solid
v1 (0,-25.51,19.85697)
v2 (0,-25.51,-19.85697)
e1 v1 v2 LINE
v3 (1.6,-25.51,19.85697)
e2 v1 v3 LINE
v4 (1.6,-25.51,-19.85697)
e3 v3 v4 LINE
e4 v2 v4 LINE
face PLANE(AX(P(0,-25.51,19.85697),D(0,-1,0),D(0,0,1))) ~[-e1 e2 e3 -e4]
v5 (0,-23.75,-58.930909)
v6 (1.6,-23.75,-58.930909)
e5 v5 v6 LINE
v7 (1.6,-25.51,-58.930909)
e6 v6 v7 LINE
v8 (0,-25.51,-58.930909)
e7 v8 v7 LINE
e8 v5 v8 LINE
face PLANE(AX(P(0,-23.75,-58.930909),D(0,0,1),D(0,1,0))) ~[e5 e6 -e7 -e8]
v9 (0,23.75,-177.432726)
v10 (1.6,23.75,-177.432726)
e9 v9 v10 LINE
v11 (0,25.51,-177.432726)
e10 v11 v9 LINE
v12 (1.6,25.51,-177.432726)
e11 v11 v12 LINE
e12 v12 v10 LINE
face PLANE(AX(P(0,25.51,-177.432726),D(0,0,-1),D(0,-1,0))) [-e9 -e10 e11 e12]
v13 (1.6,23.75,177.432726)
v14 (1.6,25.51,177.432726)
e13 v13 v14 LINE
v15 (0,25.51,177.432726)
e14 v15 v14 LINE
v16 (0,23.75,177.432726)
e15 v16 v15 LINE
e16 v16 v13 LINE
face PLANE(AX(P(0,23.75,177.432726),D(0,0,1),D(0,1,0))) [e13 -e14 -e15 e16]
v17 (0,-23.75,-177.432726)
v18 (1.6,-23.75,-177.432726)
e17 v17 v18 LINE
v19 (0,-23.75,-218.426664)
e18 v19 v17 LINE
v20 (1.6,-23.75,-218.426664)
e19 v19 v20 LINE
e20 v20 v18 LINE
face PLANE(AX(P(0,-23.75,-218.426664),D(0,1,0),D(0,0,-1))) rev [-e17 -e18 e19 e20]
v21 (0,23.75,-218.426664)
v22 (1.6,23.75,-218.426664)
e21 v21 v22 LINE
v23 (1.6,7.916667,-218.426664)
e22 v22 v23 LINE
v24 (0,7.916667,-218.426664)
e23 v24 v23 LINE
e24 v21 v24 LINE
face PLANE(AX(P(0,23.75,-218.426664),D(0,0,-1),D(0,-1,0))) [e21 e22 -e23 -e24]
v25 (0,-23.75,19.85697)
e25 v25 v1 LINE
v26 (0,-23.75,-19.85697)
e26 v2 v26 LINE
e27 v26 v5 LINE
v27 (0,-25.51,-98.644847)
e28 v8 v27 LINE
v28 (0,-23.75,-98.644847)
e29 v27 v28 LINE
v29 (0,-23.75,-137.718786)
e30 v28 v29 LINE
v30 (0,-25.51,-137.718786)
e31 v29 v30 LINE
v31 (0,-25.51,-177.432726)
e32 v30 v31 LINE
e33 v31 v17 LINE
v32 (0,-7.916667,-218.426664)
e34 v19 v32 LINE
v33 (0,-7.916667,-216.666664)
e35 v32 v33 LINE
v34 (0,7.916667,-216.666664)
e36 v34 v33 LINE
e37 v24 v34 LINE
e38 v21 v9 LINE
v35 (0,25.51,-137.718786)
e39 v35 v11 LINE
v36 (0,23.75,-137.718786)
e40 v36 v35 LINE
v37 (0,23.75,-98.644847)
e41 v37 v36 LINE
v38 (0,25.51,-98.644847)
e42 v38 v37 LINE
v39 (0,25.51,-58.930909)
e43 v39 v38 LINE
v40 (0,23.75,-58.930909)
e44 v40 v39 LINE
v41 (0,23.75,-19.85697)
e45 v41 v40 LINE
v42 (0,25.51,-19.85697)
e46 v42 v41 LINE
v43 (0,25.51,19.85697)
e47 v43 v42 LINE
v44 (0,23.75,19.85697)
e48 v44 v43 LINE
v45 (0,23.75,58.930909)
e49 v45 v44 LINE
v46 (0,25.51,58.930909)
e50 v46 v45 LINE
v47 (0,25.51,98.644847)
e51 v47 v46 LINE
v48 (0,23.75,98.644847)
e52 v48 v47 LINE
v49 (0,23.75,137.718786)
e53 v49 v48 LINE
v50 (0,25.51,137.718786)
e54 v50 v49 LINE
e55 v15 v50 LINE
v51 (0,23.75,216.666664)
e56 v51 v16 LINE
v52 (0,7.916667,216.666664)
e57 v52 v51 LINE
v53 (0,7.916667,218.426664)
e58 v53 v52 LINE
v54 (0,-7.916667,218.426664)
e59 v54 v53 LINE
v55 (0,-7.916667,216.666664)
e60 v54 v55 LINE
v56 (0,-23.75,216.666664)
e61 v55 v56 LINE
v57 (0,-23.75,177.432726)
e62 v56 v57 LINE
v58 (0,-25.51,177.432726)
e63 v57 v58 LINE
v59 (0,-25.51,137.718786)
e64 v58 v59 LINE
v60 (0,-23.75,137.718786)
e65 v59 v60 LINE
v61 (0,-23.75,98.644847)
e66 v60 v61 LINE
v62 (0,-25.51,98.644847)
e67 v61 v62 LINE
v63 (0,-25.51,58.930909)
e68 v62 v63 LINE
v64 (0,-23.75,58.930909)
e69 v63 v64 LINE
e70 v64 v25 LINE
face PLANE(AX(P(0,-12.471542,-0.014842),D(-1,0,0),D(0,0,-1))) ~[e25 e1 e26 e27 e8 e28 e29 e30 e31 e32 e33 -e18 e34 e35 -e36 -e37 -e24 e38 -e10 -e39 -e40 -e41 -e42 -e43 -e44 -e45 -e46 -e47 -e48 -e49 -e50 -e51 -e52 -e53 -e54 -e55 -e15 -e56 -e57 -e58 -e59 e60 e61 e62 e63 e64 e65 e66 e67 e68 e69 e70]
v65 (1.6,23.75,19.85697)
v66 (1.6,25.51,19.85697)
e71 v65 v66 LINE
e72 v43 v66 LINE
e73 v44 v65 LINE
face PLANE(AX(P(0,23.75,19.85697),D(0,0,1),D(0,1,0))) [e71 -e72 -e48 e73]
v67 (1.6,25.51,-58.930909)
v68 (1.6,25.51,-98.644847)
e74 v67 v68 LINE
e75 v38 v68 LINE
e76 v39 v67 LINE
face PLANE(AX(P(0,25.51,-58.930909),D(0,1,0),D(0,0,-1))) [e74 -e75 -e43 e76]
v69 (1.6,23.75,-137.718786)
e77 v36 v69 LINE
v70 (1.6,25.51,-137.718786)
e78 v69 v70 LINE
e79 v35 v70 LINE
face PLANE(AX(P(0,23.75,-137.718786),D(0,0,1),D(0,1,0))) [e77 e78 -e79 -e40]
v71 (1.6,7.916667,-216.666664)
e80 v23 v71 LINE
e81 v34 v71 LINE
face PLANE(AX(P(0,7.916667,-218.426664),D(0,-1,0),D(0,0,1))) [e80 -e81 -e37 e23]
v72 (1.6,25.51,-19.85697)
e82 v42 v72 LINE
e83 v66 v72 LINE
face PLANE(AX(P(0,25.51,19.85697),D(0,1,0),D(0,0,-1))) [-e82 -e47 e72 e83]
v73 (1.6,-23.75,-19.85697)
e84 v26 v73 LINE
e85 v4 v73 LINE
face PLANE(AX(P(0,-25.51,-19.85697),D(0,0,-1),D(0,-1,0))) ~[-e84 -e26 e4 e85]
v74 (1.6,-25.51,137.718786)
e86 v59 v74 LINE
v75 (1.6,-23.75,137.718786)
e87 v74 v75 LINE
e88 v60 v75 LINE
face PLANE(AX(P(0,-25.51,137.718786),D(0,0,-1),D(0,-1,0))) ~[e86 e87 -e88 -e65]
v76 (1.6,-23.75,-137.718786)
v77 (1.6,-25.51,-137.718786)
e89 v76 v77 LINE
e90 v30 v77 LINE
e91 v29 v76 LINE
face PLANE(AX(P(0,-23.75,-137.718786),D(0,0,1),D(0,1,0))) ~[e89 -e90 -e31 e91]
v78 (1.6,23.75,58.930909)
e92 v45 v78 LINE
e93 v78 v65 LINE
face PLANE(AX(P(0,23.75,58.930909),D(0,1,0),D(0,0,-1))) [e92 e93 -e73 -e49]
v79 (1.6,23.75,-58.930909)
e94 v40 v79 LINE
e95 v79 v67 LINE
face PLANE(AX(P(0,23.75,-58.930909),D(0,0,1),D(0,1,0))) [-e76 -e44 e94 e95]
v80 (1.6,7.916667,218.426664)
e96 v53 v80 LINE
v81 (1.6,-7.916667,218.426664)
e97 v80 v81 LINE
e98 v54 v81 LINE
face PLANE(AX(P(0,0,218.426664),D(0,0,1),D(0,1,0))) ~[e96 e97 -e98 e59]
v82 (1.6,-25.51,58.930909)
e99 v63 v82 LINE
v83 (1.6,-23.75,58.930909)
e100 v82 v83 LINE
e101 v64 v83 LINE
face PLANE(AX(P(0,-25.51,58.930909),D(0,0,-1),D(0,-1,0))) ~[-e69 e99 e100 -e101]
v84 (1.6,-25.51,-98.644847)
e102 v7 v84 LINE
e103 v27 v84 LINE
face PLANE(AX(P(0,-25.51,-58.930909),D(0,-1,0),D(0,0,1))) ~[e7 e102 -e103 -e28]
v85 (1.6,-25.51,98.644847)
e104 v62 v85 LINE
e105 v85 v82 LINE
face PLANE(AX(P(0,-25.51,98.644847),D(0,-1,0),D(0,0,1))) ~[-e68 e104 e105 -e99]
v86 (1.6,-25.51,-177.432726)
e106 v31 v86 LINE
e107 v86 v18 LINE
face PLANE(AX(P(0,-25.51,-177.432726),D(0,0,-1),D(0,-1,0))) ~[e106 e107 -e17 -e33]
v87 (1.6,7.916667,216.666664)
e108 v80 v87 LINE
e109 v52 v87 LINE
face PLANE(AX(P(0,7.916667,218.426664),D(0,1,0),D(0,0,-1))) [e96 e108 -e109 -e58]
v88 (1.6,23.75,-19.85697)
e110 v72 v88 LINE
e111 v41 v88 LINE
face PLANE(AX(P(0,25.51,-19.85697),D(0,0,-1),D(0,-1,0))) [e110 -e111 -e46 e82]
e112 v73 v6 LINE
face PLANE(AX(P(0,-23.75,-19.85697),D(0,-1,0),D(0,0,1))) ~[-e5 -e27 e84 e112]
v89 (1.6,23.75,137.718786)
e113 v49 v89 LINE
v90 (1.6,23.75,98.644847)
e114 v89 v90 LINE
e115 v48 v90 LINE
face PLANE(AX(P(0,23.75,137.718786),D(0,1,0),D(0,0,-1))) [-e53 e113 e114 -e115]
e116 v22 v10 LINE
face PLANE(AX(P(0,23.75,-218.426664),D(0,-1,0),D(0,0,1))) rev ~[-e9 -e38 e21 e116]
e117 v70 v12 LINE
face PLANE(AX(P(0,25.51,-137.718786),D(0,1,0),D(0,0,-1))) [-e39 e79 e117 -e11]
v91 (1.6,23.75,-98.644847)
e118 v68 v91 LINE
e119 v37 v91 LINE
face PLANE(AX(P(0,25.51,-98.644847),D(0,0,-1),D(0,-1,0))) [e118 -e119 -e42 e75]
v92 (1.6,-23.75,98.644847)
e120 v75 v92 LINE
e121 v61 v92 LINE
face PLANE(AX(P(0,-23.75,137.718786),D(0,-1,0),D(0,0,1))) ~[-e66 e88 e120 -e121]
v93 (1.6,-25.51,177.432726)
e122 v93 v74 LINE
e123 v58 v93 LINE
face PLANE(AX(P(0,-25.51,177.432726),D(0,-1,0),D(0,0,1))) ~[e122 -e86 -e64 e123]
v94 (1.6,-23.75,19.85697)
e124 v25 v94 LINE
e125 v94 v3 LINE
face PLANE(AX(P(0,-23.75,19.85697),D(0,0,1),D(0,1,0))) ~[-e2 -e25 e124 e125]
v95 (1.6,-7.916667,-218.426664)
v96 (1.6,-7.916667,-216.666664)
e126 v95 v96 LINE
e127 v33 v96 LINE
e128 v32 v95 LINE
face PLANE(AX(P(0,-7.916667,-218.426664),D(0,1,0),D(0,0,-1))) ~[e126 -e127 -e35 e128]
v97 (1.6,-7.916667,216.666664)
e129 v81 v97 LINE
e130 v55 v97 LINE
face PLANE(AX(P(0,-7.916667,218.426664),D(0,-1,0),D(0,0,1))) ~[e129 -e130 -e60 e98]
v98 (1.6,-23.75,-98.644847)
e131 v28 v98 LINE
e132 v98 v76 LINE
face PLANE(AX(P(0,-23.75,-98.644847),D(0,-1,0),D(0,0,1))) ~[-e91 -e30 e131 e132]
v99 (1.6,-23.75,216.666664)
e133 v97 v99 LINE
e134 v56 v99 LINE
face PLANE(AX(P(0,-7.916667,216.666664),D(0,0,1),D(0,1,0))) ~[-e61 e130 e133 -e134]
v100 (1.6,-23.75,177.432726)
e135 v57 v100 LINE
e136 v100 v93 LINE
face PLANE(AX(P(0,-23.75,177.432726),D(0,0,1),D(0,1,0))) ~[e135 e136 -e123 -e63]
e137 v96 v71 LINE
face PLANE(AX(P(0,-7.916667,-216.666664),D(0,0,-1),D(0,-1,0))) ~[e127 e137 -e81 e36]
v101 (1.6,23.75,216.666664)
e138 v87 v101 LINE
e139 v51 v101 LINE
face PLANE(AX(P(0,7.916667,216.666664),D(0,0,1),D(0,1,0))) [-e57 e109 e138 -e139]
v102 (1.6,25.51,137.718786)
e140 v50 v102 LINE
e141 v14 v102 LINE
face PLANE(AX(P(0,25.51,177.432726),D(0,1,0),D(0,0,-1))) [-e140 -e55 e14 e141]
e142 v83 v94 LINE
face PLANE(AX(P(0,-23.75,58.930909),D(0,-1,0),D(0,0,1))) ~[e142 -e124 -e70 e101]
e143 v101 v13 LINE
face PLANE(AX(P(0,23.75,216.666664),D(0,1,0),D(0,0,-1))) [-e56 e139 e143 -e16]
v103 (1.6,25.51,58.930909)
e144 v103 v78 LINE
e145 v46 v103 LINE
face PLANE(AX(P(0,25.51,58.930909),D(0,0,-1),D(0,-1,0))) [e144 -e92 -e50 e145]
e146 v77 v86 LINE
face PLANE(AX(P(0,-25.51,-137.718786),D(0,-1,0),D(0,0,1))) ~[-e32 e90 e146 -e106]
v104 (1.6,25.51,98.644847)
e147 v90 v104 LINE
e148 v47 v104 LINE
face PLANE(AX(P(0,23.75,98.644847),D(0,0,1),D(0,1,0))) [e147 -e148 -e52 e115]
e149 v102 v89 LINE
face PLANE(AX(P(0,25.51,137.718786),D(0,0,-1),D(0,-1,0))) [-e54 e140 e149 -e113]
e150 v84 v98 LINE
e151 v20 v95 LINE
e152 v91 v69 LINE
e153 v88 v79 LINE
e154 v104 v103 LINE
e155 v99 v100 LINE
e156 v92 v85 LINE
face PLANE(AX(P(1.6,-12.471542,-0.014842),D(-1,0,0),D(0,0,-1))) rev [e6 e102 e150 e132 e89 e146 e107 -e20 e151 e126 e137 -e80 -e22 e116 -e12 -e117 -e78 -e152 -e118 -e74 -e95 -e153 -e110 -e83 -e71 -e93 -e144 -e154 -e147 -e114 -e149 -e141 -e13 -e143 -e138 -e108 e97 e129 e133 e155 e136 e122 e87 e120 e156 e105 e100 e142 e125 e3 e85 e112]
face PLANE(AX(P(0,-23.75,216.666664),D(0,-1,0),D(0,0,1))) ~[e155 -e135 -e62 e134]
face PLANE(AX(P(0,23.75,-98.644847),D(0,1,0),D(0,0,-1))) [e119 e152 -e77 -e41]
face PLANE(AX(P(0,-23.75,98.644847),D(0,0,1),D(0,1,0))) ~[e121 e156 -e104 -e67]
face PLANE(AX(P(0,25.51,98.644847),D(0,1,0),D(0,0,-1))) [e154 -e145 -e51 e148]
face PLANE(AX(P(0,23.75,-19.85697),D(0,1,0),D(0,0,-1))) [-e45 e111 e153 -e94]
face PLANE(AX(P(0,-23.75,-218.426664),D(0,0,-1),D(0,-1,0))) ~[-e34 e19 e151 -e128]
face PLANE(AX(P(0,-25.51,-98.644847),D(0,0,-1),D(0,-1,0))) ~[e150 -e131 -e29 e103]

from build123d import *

# Parameters (mm, degrees)
UP_DEPTH = 1.6


with BuildPart() as part:
    # Sketch1 → Up (new body)
    with BuildSketch(Plane(origin=(0, 0, 0), x_dir=(0, 0, -1), z_dir=(1, 0, 0))):
        Polygon((-216.6666645, 23.75), (-177.4327255, 23.75), (-177.4327255, 25.51), (-137.7187865, 25.51), (-137.7187865, 23.75), (-98.6448475, 23.75), (-98.6448475, 25.51), (-58.9309085, 25.51), (-58.9309085, 23.75), (-19.8569695, 23.75), (-19.8569695, 25.51), (19.8569695, 25.51), (19.8569695, 23.75), (58.9309085, 23.75), (58.9309085, 25.51), (98.6448475, 25.51), (98.6448475, 23.75), (137.7187865, 23.75), (137.7187865, 25.51), (177.4327255, 25.51), (177.4327255, 23.75), (216.6666645, 23.75), (218.4266645, 23.75), (218.4266645, 7.916666667), (216.6666645, 7.916666667), (216.6666645, 0), (-216.6666645, 0), (-218.4266645, 0), (-218.4266645, 7.916666667), (-216.6666645, 7.916666667), align=None)
    up = extrude(amount=UP_DEPTH)

    # Mirror2: Up across plane
    add(up.mirror(Plane(origin=(1.6, 0, 216.6666645), x_dir=(0, 0, 1), z_dir=(0, 1, 0))))


solid = part.part
